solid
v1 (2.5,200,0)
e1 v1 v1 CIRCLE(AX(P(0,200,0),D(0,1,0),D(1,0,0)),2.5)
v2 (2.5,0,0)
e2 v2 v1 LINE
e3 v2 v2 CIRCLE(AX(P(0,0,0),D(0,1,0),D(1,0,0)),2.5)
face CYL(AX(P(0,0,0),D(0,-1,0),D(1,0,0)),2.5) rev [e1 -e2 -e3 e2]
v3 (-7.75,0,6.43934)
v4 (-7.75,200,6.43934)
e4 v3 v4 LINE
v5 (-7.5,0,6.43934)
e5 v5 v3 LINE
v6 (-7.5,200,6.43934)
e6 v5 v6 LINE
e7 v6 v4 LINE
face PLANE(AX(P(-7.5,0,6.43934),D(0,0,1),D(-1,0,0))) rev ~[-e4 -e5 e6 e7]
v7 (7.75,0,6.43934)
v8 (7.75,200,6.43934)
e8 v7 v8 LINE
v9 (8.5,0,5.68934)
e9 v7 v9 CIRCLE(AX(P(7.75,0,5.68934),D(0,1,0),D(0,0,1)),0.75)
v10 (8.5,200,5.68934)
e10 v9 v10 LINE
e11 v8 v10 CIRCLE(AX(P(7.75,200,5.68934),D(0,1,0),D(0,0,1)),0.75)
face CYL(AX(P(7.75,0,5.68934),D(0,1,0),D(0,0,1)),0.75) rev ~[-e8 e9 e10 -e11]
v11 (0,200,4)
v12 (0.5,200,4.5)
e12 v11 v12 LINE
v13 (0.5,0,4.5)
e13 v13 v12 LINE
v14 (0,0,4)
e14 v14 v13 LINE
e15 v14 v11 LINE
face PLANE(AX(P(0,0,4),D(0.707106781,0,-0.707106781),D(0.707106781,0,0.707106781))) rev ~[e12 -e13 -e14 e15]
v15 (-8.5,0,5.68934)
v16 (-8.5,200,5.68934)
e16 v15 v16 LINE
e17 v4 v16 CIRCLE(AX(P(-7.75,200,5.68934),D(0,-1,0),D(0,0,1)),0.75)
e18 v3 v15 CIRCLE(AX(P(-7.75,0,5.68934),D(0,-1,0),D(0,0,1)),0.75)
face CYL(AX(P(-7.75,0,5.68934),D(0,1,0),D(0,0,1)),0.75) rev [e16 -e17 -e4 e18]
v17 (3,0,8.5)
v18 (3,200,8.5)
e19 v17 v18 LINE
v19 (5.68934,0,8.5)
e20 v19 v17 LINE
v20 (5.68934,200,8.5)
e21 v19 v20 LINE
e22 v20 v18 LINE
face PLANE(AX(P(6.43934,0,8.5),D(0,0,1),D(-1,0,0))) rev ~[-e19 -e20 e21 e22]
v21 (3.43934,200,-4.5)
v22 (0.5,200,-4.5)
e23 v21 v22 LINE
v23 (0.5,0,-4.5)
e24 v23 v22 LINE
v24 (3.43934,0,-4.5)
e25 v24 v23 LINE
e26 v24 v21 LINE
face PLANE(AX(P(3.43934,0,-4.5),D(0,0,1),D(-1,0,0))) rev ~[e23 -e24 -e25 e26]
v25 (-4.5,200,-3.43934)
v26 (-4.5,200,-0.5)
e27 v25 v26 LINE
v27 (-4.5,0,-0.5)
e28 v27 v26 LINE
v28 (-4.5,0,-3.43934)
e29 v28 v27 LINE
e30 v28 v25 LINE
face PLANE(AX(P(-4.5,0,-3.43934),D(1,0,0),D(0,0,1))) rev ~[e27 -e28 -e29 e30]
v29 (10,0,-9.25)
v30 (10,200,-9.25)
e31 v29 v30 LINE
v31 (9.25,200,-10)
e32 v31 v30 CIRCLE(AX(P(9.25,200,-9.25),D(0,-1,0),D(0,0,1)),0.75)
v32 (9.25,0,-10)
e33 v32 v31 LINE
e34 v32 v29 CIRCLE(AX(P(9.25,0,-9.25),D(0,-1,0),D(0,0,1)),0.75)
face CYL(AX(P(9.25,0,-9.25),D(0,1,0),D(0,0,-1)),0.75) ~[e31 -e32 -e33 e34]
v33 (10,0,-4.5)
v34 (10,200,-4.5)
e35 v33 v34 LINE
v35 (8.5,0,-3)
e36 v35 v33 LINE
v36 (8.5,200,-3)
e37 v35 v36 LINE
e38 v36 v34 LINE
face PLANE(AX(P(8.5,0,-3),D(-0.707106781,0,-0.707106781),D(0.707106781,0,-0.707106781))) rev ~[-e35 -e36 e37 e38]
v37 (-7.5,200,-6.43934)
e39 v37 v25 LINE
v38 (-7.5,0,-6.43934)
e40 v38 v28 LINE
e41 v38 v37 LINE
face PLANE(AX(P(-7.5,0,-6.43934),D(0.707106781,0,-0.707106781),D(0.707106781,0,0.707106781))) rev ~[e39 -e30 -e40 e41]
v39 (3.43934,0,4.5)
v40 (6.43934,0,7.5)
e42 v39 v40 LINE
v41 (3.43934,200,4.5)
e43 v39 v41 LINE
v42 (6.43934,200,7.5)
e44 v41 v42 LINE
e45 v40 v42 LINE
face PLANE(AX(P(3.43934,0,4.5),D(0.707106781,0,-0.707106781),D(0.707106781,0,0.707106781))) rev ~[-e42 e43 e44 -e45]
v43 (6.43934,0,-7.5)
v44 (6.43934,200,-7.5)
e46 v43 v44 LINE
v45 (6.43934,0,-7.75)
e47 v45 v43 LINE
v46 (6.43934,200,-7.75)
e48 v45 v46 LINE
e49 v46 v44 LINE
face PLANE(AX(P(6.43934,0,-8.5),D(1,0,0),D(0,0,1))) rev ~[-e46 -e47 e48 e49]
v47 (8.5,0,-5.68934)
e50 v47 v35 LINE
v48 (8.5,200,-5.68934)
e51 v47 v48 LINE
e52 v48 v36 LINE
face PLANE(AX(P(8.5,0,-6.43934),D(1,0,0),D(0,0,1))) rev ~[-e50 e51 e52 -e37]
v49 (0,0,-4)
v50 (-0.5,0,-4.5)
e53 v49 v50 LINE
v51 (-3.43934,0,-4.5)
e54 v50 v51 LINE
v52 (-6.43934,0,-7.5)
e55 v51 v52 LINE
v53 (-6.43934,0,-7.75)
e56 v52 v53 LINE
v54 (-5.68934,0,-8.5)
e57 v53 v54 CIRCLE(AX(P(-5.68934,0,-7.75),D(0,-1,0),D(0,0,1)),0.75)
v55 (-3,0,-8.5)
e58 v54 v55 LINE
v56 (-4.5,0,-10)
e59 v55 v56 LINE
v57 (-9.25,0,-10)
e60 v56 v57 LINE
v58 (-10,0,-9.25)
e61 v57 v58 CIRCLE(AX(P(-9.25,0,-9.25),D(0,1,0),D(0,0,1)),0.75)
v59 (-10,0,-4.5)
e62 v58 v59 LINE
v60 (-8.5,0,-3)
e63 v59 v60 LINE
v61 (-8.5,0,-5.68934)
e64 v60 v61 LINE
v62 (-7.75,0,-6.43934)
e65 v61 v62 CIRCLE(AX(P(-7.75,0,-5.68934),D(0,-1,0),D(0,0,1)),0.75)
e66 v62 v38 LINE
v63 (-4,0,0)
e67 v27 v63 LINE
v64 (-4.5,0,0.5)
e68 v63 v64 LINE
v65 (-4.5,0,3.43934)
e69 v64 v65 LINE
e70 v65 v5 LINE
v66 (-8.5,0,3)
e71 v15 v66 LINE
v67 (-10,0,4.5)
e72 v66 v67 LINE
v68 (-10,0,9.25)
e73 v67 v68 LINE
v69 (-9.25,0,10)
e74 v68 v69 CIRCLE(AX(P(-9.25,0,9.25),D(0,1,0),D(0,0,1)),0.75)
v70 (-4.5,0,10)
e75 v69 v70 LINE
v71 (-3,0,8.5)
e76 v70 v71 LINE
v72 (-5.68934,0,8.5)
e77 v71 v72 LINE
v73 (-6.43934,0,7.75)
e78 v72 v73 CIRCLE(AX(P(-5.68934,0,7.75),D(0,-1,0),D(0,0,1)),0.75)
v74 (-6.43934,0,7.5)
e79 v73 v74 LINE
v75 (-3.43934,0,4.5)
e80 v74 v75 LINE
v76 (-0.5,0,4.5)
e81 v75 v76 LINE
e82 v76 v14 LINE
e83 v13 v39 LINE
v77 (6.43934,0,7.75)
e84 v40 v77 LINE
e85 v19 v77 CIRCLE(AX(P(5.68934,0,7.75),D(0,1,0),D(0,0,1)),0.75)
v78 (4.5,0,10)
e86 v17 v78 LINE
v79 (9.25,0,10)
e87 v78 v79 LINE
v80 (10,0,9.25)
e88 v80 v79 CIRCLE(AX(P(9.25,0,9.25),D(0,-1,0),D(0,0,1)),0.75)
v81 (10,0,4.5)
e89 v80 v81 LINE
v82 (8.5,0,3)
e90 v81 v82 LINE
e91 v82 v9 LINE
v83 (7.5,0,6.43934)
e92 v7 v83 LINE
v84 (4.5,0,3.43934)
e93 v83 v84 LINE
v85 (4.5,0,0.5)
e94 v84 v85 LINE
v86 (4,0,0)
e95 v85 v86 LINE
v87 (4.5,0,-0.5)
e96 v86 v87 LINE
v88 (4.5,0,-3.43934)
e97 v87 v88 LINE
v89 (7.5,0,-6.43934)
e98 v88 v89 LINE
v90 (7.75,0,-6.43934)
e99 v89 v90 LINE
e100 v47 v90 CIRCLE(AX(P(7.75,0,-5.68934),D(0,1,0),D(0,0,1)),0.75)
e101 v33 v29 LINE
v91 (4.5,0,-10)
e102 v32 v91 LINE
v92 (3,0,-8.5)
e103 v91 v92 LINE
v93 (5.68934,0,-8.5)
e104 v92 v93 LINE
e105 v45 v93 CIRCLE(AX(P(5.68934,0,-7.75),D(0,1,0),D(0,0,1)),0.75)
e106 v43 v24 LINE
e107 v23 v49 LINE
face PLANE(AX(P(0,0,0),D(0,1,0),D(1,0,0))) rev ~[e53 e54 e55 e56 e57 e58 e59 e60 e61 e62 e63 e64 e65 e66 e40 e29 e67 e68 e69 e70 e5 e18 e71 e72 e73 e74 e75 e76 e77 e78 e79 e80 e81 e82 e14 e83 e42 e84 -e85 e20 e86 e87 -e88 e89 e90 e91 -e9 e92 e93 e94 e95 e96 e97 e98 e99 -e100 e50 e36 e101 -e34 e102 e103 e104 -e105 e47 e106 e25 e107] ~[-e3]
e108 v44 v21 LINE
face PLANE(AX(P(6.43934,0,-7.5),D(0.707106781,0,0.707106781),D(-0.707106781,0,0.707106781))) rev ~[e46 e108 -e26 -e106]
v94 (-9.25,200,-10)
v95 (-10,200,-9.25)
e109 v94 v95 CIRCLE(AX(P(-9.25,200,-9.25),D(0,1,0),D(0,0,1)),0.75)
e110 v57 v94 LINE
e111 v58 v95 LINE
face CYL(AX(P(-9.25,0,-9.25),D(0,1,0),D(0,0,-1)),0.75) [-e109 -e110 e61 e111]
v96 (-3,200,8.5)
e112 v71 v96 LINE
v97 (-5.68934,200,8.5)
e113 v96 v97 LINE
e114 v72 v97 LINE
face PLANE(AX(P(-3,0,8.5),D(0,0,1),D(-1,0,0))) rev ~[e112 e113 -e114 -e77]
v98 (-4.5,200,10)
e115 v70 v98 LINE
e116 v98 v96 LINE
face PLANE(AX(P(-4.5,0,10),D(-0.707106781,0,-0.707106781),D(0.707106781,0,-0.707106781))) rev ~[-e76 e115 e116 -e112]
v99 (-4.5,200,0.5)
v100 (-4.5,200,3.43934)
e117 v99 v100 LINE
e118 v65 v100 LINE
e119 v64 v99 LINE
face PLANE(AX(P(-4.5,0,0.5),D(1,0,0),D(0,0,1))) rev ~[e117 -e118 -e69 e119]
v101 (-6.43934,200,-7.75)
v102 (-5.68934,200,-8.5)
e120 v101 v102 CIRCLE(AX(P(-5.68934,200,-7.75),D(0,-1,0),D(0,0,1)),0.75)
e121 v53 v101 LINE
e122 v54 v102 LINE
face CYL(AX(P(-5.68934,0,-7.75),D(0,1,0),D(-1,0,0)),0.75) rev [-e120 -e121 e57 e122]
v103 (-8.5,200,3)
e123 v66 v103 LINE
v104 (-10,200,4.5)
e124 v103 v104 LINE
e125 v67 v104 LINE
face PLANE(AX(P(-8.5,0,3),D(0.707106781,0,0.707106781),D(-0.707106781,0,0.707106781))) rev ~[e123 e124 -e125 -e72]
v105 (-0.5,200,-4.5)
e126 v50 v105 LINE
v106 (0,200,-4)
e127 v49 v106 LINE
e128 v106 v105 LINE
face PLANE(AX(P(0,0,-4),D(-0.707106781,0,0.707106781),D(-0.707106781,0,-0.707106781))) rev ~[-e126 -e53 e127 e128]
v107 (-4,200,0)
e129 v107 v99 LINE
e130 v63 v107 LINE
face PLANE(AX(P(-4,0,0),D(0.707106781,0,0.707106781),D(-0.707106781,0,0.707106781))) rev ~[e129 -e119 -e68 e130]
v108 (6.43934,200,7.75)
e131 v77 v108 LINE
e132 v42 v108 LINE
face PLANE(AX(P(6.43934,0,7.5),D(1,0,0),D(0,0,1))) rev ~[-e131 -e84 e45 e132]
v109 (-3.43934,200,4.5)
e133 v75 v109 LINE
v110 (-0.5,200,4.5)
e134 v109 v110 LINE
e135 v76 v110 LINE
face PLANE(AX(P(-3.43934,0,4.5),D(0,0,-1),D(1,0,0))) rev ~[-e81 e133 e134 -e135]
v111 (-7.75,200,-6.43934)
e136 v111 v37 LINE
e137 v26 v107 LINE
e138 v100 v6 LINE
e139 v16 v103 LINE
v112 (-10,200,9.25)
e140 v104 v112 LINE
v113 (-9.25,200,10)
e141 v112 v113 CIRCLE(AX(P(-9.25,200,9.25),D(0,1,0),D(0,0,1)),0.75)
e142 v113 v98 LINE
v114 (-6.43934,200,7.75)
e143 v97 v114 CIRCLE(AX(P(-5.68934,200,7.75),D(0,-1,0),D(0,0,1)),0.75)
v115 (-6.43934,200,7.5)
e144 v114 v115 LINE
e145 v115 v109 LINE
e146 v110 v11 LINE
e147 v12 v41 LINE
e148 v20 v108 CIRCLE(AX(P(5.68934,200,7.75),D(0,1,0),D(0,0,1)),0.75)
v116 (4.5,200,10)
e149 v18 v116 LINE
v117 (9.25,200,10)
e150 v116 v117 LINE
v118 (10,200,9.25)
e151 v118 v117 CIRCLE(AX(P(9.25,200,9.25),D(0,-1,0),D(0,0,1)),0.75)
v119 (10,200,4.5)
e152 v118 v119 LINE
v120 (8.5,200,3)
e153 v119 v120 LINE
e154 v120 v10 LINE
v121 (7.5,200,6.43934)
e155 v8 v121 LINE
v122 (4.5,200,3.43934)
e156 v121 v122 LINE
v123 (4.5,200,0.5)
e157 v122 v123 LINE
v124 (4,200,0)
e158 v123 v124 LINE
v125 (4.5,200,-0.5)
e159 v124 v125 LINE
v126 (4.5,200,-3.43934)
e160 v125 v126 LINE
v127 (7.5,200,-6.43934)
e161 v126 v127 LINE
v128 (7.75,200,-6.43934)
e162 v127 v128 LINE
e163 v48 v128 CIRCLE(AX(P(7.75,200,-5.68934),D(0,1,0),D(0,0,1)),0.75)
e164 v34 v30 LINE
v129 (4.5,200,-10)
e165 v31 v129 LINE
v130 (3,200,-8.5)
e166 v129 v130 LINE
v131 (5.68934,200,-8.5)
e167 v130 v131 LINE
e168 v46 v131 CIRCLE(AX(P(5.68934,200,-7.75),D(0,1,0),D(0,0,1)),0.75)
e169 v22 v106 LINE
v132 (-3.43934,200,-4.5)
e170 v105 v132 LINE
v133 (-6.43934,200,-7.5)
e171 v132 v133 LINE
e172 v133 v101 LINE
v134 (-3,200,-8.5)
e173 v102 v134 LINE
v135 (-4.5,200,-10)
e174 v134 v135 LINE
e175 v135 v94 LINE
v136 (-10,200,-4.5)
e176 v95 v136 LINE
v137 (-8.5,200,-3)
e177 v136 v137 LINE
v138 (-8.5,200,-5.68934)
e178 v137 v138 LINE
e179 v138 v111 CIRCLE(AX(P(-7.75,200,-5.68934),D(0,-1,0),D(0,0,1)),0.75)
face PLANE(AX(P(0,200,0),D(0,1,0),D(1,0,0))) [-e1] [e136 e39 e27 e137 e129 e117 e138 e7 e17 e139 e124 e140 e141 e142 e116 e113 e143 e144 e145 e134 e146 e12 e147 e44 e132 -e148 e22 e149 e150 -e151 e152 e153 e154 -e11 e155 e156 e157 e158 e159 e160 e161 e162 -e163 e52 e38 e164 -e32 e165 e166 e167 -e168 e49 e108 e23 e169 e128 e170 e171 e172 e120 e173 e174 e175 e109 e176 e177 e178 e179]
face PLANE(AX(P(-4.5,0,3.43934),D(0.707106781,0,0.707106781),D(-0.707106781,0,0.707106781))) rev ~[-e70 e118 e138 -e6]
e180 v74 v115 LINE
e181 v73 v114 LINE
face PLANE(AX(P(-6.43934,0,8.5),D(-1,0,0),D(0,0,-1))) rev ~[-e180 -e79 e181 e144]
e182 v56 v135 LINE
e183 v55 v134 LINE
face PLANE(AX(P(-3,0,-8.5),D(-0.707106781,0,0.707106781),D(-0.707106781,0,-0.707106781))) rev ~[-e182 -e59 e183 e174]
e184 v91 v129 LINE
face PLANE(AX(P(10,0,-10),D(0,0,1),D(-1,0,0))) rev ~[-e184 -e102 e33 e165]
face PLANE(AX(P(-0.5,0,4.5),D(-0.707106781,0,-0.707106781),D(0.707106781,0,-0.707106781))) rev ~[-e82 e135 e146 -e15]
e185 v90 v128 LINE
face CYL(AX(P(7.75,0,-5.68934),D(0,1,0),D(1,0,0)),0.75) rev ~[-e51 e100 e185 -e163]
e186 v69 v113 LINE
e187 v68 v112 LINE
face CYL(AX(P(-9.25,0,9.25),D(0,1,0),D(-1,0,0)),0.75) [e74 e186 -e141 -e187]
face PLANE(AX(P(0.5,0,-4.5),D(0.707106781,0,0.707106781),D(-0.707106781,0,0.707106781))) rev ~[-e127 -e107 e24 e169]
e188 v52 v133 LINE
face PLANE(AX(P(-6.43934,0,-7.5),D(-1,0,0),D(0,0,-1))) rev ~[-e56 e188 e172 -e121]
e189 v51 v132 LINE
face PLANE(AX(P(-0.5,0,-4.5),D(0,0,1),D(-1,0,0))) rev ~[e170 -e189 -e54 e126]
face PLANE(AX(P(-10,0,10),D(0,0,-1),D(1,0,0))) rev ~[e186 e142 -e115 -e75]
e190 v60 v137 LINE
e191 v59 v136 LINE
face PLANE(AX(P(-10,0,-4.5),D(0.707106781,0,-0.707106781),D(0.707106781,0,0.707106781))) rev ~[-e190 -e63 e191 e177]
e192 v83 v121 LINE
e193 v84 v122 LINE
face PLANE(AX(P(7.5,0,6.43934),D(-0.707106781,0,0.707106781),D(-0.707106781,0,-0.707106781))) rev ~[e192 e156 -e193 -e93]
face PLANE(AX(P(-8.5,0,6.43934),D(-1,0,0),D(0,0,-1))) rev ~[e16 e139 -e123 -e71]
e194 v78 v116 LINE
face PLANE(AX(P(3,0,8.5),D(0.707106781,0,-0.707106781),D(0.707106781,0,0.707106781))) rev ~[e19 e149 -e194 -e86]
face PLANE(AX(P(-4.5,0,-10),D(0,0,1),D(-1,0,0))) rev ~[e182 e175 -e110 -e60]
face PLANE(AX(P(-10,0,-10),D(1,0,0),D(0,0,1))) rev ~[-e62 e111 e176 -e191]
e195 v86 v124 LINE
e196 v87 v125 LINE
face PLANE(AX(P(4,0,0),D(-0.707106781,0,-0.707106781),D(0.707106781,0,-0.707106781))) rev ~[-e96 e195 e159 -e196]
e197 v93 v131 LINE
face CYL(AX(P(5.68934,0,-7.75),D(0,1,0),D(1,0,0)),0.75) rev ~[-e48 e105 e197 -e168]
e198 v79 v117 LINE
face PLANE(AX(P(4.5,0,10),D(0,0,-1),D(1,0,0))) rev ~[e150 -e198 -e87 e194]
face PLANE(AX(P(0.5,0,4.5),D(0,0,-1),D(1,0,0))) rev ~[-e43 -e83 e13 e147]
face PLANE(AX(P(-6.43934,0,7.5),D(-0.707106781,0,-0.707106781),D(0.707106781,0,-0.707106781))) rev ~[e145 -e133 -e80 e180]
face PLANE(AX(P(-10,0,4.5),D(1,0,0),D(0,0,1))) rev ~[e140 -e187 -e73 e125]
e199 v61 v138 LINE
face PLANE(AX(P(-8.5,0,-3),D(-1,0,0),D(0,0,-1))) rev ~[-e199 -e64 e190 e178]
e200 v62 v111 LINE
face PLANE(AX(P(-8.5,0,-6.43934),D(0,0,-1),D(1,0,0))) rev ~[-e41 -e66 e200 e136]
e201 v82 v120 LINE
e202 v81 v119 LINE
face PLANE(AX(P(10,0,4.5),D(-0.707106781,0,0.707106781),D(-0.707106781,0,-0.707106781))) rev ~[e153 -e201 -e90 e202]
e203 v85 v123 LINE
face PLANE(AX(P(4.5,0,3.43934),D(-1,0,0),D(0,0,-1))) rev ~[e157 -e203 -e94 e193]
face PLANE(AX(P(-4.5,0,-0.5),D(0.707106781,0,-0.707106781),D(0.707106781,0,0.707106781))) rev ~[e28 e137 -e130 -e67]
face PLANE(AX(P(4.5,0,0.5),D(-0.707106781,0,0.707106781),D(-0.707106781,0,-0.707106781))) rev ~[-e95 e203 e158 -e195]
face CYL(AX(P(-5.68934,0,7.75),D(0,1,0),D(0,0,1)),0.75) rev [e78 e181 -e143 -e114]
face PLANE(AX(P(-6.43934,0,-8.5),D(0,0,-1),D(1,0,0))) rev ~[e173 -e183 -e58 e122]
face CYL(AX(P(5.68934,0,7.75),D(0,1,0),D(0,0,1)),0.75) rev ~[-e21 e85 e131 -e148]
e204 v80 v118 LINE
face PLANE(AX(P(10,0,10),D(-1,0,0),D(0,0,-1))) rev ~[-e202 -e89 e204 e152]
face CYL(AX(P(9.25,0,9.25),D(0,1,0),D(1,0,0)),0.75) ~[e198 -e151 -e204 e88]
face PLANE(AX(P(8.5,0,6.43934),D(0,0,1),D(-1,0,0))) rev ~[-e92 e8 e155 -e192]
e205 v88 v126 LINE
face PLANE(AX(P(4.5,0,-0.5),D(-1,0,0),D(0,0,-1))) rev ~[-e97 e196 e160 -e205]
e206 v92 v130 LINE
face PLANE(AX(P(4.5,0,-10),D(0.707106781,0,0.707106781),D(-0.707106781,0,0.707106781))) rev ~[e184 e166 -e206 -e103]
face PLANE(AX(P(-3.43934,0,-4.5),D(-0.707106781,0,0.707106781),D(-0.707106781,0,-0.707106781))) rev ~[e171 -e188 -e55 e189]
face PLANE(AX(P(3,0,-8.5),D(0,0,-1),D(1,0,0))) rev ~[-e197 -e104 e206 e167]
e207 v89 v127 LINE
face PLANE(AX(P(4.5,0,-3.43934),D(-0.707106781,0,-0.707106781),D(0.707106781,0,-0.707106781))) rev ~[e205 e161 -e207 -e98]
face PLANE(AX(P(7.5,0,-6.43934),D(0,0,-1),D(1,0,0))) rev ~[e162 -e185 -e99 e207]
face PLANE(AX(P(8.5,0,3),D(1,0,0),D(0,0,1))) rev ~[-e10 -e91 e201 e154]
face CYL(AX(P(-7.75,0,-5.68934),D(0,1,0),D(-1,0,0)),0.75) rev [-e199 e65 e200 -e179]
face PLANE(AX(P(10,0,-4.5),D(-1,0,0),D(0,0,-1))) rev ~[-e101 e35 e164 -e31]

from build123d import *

# Parameters (mm, degrees)
ESQUISSE1_R      = 2.5
EXTRUSION1_DEPTH = 200
CONG_1_R         = 0.75


with BuildPart() as part:
    # Esquisse1 → Extrusion1 (new body)
    with BuildSketch(Plane(origin=(0, 0, 0), x_dir=(1, 0, 0), z_dir=(0, 1, 0))):
        Polygon((0, 4), (-0.5, 4.5), (-3.439339828, 4.5), (-6.439339828, 7.5), (-6.439339828, 8.5), (-3, 8.5), (-4.5, 10), (-10, 10), (-10, 4.5), (-8.5, 3), (-8.5, 6.439339828), (-7.5, 6.439339828), (-4.5, 3.439339828), (-4.5, 0.5), (-4, 0), (-4.5, -0.5), (-4.5, -3.439339828), (-7.5, -6.439339828), (-8.5, -6.439339828), (-8.5, -3), (-10, -4.5), (-10, -10), (-4.5, -10), (-3, -8.5), (-6.439339828, -8.5), (-6.439339828, -7.5), (-3.439339828, -4.5), (-0.5, -4.5), (0, -4), (0.5, -4.5), (3.439339828, -4.5), (6.439339828, -7.5), (6.439339828, -8.5), (3, -8.5), (4.5, -10), (10, -10), (10, -4.5), (8.5, -3), (8.5, -6.439339828), (7.5, -6.439339828), (4.5, -3.439339828), (4.5, -0.5), (4, 0), (4.5, 0.5), (4.5, 3.439339828), (7.5, 6.439339828), (8.5, 6.439339828), (8.5, 3), (10, 4.5), (10, 10), (4.5, 10), (3, 8.5), (6.439339828, 8.5), (6.439339828, 7.5), (3.439339828, 4.5), (0.5, 4.5), align=None)
        Circle(ESQUISSE1_R, mode=Mode.SUBTRACT)
    extrude(amount=EXTRUSION1_DEPTH)

    # Congé1
    cong_1_edges = [part.edges().sort_by_distance(p)[0] for p in [
        (6.439339828, 100, -8.5),
        (10, 100, -10),
        (8.5, 100, -6.439339828),
        (8.5, 100, 6.439339828),
        (10, 100, 10),
        (6.439339828, 100, 8.5),
        (-6.439339828, 100, 8.5),
        (-10, 100, 10),
        (-8.5, 100, 6.439339828),
        (-8.5, 100, -6.439339828),
        (-10, 100, -10),
        (-6.439339828, 100, -8.5),
    ]]
    fillet(cong_1_edges, radius=CONG_1_R)


solid = part.part
